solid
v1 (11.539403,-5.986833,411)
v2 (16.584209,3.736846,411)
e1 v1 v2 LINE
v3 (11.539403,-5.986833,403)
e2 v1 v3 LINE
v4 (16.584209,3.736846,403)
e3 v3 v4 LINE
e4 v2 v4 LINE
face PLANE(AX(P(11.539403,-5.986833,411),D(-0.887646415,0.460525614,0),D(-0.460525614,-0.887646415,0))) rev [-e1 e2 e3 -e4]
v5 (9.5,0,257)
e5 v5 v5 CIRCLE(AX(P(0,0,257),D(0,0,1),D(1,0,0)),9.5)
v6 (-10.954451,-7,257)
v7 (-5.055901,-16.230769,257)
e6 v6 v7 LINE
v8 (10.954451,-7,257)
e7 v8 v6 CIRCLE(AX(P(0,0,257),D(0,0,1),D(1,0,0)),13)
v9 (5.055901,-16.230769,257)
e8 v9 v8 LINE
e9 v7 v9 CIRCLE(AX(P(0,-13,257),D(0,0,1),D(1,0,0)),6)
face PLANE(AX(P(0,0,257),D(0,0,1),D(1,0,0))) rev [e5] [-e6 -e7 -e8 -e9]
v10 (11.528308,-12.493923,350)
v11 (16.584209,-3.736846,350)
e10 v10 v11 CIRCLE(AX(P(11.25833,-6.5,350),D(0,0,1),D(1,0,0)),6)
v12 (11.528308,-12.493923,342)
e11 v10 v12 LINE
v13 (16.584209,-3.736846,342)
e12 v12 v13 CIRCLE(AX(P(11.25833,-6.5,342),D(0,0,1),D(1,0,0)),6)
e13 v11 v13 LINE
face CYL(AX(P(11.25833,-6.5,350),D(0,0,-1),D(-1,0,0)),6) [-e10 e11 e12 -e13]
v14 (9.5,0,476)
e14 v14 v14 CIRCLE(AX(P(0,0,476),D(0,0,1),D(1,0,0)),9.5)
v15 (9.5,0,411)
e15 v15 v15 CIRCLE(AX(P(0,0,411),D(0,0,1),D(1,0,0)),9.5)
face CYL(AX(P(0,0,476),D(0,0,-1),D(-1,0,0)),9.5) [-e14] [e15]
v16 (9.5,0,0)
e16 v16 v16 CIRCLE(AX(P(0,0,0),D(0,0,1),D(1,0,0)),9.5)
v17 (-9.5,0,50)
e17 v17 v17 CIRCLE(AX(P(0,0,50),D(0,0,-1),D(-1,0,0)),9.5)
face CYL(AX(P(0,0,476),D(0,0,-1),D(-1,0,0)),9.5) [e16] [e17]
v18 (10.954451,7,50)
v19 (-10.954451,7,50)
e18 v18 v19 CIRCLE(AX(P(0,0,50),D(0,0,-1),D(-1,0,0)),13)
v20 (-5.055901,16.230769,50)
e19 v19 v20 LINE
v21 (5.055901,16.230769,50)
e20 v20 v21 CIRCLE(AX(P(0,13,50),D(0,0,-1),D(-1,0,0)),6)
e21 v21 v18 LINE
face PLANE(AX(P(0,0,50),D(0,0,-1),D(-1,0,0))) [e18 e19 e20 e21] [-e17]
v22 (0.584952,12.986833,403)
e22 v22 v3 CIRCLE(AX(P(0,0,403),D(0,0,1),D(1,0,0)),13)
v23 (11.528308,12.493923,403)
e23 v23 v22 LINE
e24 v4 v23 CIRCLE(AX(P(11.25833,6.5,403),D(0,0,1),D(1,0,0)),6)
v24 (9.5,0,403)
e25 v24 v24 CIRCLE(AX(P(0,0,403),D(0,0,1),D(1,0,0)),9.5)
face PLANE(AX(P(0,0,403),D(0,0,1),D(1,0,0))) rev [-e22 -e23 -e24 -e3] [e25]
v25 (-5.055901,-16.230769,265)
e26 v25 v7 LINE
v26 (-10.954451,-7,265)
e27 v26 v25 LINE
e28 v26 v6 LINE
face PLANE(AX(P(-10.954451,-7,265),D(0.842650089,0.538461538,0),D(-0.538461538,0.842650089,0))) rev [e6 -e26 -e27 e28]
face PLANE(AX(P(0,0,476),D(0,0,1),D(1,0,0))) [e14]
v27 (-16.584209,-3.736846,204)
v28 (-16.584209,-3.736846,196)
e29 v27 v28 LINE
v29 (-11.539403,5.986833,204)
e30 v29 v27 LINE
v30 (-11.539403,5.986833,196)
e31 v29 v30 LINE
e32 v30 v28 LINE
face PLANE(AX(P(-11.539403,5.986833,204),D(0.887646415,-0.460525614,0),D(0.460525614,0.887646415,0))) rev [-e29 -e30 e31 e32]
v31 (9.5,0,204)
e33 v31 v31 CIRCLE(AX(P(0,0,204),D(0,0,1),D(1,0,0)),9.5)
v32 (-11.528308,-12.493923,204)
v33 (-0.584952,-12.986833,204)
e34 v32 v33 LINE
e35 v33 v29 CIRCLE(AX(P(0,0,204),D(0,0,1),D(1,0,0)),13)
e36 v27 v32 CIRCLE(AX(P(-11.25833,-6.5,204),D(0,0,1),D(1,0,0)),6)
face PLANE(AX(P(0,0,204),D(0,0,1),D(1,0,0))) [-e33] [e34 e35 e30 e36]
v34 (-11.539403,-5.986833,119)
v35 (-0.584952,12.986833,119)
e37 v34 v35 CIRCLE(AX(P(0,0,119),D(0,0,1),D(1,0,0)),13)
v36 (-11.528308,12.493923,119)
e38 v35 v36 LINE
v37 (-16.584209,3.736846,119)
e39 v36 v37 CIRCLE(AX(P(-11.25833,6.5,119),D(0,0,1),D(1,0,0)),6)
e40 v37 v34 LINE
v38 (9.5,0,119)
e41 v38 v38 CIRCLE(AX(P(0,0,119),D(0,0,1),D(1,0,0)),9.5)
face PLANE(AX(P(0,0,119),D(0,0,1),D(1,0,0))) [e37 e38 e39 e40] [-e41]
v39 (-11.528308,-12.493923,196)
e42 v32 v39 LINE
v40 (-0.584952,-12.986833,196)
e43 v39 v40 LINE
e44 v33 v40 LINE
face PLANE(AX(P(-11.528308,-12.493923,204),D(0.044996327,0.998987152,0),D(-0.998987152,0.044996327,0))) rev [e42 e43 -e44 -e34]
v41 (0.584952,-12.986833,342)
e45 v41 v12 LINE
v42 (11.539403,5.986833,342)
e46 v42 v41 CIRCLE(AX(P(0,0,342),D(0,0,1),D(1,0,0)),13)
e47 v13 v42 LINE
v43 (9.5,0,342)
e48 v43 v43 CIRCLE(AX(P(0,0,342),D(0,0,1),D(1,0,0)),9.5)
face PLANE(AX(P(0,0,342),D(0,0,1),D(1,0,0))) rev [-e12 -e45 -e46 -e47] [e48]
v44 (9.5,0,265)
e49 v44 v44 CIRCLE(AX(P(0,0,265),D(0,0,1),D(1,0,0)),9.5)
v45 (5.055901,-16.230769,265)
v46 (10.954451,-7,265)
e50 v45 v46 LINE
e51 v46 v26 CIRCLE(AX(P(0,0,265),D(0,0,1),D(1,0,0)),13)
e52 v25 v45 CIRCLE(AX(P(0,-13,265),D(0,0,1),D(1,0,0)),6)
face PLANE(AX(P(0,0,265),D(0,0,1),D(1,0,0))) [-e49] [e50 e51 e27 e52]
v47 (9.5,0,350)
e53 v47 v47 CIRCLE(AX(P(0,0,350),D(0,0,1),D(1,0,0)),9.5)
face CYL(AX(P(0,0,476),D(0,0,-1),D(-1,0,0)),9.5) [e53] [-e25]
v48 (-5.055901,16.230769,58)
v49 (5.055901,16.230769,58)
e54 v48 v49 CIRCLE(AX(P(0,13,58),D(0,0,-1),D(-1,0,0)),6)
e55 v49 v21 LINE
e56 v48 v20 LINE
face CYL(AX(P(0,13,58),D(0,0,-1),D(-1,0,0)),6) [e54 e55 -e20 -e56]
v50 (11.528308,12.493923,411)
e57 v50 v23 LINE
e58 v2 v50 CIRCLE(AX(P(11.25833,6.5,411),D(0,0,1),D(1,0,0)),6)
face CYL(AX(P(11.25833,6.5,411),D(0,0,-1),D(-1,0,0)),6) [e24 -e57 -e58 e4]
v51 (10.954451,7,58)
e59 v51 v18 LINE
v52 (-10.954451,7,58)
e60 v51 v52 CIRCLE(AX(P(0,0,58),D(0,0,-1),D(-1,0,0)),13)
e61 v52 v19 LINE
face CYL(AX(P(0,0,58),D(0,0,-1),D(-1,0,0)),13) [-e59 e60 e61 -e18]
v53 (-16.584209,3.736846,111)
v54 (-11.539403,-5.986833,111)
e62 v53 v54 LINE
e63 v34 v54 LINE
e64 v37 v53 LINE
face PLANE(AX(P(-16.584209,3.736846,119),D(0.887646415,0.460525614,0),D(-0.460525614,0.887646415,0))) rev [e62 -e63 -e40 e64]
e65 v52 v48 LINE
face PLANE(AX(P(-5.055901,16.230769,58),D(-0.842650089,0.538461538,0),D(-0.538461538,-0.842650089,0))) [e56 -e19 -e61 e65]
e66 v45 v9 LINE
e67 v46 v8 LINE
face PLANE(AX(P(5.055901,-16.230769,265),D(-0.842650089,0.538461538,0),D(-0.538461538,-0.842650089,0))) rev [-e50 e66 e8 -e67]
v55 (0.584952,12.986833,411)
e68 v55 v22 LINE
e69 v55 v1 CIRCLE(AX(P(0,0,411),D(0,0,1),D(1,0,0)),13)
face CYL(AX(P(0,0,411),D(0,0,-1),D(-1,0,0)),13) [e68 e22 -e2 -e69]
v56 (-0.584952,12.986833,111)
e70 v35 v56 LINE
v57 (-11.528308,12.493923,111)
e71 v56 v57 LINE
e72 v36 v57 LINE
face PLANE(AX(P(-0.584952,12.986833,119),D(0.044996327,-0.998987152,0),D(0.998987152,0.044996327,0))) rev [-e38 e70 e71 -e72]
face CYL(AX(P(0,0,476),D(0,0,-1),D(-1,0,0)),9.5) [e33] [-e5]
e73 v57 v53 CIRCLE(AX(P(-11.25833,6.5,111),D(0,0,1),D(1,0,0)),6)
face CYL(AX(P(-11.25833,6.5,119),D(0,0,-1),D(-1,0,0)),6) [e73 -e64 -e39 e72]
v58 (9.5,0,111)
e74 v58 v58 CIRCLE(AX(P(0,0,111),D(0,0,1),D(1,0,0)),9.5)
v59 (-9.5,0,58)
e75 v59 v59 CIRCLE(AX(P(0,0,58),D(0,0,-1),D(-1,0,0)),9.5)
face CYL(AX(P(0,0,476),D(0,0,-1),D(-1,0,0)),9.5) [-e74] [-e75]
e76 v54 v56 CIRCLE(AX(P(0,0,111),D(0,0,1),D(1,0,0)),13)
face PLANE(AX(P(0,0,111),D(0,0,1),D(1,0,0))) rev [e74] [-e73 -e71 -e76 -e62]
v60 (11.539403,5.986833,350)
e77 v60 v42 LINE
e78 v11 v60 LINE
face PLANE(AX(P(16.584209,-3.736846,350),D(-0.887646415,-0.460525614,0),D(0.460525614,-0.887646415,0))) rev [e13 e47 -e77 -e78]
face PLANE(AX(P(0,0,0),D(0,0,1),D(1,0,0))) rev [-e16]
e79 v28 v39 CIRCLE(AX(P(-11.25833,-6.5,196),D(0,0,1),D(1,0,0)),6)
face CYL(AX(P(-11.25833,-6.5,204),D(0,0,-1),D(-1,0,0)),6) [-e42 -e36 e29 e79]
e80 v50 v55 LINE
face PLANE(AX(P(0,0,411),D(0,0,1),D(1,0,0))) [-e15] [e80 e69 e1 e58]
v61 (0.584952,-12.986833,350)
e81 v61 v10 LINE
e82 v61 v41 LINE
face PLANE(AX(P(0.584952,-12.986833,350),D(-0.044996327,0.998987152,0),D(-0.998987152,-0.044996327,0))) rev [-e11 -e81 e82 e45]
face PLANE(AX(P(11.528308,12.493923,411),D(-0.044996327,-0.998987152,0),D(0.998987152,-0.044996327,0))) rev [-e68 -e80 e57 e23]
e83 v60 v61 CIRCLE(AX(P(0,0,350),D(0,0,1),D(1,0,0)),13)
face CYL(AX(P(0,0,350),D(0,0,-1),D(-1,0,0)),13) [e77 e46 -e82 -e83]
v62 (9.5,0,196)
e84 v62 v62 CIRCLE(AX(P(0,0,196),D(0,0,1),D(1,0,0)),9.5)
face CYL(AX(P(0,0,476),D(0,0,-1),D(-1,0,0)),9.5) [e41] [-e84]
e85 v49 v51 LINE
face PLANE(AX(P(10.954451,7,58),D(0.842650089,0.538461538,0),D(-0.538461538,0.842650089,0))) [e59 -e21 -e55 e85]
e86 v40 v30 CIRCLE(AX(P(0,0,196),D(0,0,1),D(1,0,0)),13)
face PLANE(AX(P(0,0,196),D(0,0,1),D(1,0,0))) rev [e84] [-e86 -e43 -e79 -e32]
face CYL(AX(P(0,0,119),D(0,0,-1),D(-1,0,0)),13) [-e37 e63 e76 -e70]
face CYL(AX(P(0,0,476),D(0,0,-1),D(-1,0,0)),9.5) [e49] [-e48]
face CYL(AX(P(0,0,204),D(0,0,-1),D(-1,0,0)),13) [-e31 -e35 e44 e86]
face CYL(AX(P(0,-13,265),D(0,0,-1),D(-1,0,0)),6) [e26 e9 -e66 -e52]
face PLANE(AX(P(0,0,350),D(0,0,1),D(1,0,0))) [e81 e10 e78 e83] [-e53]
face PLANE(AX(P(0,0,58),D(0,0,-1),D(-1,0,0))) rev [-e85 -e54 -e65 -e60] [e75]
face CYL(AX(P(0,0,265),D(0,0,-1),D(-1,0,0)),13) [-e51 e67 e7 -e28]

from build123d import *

# Parameters (mm, degrees)
SKETCH1_R           = 9.5
BOSS_EXTRUDE1_DEPTH = 476
BOSS_EXTRUDE2_DEPTH = 8
BOSS_EXTRUDE3_DEPTH = 8
BOSS_EXTRUDE4_DEPTH = 8
BOSS_EXTRUDE5_DEPTH = 8
BOSS_EXTRUDE6_DEPTH = 8
BOSS_EXTRUDE7_DEPTH = 8


with BuildPart() as part:
    # Sketch1 → Boss-Extrude1 (new body)
    with BuildSketch(Plane.XY):
        Circle(SKETCH1_R)
    extrude(amount=BOSS_EXTRUDE1_DEPTH)

    # Sketch2 → Boss-Extrude2 (add)
    with BuildSketch(Plane(origin=(0, 0, 50), x_dir=(-1, 0, 0), z_dir=(0, 0, -1))):
        with BuildLine():
            Line((-10.954451152, 6.999999997), (-5.055900535, 16.230769231))
            ThreePointArc((-5.055900535, 16.230769231), (-1e-09, 19.000000003), (5.055900534, 16.230769233))
            Line((5.055900534, 16.230769233), (10.954451152, 6.999999997))
            ThreePointArc((10.954451152, 6.999999997), (0, -13), (-10.954451152, 6.999999997))
        make_face()
    extrude(amount=-BOSS_EXTRUDE2_DEPTH)

    # Sketch3 → Boss-Extrude3 (add)
    with BuildSketch(Plane.XY.offset(111)):
        with BuildLine():
            Line((-0.584952247, 12.986832981), (-11.52830821, 12.493922918))
            ThreePointArc((-11.52830821, 12.493922918), (-16.454482674, 9.500000003), (-16.584208745, 3.736846315))
            Line((-16.584208745, 3.736846315), (-11.5394034, -5.986832984))
            ThreePointArc((-11.5394034, -5.986832984), (11.258330249, -6.5), (-0.584952247, 12.986832981))
        make_face()
    extrude(amount=BOSS_EXTRUDE3_DEPTH)

    # Sketch4 → Boss-Extrude4 (add)
    with BuildSketch(Plane.XY.offset(196)):
        with BuildLine():
            Line((-11.5394034, 5.986832984), (-16.584208744, -3.736846313))
            ThreePointArc((-16.584208744, -3.736846313), (-16.454482675, -9.500000001), (-11.528308212, -12.493922917))
            Line((-11.528308212, -12.493922917), (-0.584952247, -12.986832981))
            ThreePointArc((-0.584952247, -12.986832981), (11.258330249, 6.5), (-11.5394034, 5.986832984))
        make_face()
    extrude(amount=BOSS_EXTRUDE4_DEPTH)

    # Sketch5 → Boss-Extrude5 (add)
    with BuildSketch(Plane.XY.offset(257)):
        with BuildLine():
            Line((-10.954451152, -6.999999997), (-5.055900535, -16.230769231))
            ThreePointArc((-5.055900535, -16.230769231), (-1e-09, -19.000000003), (5.055900534, -16.230769233))
            Line((5.055900534, -16.230769233), (10.954451152, -6.999999997))
            ThreePointArc((10.954451152, -6.999999997), (0, 13), (-10.954451152, -6.999999997))
        make_face()
    extrude(amount=BOSS_EXTRUDE5_DEPTH)

    # Sketch6 → Boss-Extrude6 (add)
    with BuildSketch(Plane.XY.offset(342)):
        with BuildLine():
            Line((0.584952247, -12.986832981), (11.52830821, -12.493922918))
            ThreePointArc((11.52830821, -12.493922918), (16.454482674, -9.500000003), (16.584208745, -3.736846315))
            Line((16.584208745, -3.736846315), (11.5394034, 5.986832984))
            ThreePointArc((11.5394034, 5.986832984), (-11.258330249, 6.5), (0.584952247, -12.986832981))
        make_face()
    extrude(amount=BOSS_EXTRUDE6_DEPTH)

    # Sketch7 → Boss-Extrude7 (add)
    with BuildSketch(Plane.XY.offset(403)):
        with BuildLine():
            Line((11.5394034, -5.986832984), (16.584208744, 3.736846313))
            ThreePointArc((16.584208744, 3.736846313), (16.454482675, 9.500000001), (11.528308212, 12.493922917))
            Line((11.528308212, 12.493922917), (0.584952247, 12.986832981))
            ThreePointArc((0.584952247, 12.986832981), (-11.258330249, -6.5), (11.5394034, -5.986832984))
        make_face()
    extrude(amount=BOSS_EXTRUDE7_DEPTH)


solid = part.part
